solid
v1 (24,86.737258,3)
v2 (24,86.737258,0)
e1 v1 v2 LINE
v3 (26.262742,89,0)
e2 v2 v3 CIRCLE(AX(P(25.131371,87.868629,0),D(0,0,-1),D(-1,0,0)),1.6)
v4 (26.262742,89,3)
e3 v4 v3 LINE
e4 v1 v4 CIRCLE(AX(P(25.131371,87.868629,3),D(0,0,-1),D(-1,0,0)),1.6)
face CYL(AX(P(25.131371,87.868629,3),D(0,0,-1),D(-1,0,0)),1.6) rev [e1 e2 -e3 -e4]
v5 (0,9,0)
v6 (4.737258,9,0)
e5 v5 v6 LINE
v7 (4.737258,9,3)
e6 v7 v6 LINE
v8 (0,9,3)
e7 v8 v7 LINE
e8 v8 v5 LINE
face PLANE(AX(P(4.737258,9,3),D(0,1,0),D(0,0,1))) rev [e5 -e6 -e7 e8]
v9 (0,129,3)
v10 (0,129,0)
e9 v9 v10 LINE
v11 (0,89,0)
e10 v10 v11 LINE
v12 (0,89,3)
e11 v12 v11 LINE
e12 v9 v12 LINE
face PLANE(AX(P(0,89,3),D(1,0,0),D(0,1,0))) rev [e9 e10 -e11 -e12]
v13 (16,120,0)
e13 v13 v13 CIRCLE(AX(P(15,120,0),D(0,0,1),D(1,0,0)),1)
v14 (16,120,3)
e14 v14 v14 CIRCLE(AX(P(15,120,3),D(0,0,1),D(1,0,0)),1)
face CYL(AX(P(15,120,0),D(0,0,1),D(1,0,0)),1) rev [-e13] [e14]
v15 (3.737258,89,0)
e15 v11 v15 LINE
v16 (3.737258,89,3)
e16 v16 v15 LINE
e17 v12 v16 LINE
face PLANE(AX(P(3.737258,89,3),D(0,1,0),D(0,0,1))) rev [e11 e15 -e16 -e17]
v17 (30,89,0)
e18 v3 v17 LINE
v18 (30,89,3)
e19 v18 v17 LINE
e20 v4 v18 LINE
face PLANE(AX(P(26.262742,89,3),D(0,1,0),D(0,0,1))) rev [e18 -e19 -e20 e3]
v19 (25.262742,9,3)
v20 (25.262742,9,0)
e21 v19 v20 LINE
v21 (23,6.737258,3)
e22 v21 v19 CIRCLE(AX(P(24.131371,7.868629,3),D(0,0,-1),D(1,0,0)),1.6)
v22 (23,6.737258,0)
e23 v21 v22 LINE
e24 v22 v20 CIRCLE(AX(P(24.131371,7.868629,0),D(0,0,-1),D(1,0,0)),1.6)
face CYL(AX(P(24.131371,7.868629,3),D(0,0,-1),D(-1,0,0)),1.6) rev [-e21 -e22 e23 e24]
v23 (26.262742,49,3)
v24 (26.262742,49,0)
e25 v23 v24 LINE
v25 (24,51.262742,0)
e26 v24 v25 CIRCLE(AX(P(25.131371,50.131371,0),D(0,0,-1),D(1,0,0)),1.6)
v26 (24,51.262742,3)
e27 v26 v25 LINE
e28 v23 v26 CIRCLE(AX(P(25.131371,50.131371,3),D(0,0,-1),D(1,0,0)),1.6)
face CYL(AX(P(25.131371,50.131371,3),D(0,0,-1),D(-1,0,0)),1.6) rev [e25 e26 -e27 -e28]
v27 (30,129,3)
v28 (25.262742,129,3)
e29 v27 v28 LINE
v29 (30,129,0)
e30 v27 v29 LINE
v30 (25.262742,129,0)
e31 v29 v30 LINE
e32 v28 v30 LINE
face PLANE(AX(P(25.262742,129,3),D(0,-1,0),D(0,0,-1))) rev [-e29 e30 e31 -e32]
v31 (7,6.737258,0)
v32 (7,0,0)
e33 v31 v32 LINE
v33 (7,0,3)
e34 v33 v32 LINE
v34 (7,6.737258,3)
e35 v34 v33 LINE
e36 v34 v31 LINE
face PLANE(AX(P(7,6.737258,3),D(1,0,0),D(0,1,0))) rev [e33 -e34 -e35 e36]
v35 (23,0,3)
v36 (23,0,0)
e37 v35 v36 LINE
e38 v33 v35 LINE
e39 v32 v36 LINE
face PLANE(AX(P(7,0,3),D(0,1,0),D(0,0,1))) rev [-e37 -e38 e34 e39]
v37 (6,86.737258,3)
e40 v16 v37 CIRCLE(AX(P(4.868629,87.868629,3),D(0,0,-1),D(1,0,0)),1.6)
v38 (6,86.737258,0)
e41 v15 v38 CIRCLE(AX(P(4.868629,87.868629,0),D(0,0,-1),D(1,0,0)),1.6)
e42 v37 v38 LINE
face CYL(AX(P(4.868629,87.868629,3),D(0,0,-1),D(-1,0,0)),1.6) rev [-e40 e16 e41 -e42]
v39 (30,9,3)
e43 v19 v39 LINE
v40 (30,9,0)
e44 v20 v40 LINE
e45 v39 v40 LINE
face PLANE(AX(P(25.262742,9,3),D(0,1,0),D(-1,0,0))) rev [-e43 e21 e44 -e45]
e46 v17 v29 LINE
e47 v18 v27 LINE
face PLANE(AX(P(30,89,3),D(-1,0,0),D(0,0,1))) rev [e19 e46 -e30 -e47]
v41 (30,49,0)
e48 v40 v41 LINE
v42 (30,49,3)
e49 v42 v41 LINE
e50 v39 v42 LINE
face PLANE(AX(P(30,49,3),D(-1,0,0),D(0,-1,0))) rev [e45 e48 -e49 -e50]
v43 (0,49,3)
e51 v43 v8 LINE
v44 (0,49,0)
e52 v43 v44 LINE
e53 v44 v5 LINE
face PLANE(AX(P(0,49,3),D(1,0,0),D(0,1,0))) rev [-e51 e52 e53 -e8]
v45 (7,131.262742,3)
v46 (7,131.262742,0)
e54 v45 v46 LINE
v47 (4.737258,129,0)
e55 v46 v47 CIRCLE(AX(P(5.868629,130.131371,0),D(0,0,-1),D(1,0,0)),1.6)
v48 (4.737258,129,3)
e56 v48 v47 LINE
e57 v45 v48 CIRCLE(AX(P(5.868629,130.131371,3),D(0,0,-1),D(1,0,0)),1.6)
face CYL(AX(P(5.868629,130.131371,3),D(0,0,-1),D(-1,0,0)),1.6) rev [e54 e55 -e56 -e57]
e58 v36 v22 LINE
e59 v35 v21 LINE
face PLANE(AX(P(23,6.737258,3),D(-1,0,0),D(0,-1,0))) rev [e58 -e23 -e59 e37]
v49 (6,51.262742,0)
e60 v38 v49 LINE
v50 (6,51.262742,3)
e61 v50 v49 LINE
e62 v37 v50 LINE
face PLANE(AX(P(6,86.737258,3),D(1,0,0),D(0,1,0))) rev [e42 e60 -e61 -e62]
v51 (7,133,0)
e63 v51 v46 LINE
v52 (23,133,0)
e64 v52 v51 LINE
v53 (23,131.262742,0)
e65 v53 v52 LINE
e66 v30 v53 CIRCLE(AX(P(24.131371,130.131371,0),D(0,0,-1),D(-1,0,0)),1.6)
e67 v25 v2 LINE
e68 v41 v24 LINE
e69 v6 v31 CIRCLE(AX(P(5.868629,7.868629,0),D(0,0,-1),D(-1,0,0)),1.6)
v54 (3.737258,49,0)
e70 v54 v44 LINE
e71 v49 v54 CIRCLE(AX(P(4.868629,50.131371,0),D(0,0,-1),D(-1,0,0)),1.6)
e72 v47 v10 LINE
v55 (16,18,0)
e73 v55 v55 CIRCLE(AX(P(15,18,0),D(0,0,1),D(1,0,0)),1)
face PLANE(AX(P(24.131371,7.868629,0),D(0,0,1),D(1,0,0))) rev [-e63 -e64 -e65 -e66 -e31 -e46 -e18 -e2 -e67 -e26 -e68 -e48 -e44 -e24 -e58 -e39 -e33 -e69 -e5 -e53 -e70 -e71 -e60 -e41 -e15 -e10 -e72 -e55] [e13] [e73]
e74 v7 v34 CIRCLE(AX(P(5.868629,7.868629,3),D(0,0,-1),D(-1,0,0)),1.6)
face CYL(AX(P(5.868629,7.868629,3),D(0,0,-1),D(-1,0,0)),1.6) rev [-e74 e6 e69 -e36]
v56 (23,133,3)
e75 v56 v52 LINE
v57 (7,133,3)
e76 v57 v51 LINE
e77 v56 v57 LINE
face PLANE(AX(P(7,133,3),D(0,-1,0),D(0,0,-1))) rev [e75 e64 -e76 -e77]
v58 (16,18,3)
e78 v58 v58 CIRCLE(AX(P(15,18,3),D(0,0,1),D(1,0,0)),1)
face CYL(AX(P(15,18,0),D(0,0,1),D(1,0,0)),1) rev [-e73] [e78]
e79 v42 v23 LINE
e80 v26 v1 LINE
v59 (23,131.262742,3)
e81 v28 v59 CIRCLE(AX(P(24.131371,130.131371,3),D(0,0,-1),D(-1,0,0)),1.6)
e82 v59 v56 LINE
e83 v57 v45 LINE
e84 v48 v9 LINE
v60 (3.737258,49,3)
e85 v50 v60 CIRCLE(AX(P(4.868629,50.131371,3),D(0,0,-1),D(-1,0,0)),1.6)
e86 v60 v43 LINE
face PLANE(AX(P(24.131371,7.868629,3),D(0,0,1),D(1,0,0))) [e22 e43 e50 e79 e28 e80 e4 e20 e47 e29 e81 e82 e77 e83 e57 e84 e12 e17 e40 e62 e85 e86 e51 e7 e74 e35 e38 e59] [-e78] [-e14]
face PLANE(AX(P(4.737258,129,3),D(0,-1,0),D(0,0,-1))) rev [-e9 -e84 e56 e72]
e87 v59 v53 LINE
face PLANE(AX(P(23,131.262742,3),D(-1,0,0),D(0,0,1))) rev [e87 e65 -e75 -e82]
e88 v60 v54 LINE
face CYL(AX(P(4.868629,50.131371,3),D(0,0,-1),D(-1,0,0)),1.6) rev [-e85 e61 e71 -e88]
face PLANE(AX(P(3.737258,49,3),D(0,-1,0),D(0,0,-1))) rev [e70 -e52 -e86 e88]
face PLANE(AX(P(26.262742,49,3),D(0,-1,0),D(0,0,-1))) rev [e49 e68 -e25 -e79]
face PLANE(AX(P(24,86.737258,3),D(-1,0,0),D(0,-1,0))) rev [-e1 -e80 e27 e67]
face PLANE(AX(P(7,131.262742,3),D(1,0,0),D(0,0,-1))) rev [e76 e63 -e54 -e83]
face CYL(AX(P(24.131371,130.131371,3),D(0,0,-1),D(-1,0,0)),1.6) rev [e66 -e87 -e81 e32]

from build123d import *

# Parameters (mm, degrees)
EXTRUSION1_DEPTH        = 3
ESQUISSE2_R             = 1
ENL_V_MAT_EXTRU_1_DEPTH = 4


with BuildPart() as part:
    # Esquisse1 → Extrusion1 (new body)
    with BuildSketch(Plane.XY):
        with BuildLine():
            Line((25.2627417, 9), (30, 9))
            Line((30, 9), (30, 49))
            Line((30, 49), (26.2627417, 49))
            ThreePointArc((26.2627417, 49), (24, 49), (24, 51.2627417))
            Line((24, 51.2627417), (24, 86.7372583))
            ThreePointArc((24, 86.7372583), (24, 89), (26.2627417, 89))
            Line((26.2627417, 89), (30, 89))
            Line((30, 89), (30, 129))
            Line((30, 129), (25.2627417, 129))
            ThreePointArc((25.2627417, 129), (23, 129), (23, 131.2627417))
            Line((23, 131.2627417), (23, 133))
            Line((23, 133), (7, 133))
            Line((7, 133), (7, 131.2627417))
            ThreePointArc((7, 131.2627417), (7, 129), (4.7372583, 129))
            Line((4.7372583, 129), (0, 129))
            Line((0, 129), (0, 89))
            Line((0, 89), (3.7372583, 89))
            ThreePointArc((3.7372583, 89), (6, 89), (6, 86.7372583))
            Line((6, 86.7372583), (6, 51.2627417))
            ThreePointArc((6, 51.2627417), (6, 49), (3.7372583, 49))
            Line((3.7372583, 49), (0, 49))
            Line((0, 49), (0, 9))
            Line((0, 9), (4.7372583, 9))
            ThreePointArc((4.7372583, 9), (7, 9), (7, 6.7372583))
            Line((7, 6.7372583), (7, 0))
            Line((7, 0), (23, 0))
            Line((23, 0), (23, 6.7372583))
            ThreePointArc((23, 6.7372583), (23, 9), (25.2627417, 9))
        make_face()
    extrude(amount=EXTRUSION1_DEPTH)

    # Esquisse2 → Enlèv. mat.-Extru.1 (cut, through all)
    with BuildSketch(Plane.XY.offset(3)):
        with Locations((15, 18)):
            Circle(ESQUISSE2_R)
        with Locations((15, 120)):
            Circle(ESQUISSE2_R)
    extrude(amount=-ENL_V_MAT_EXTRU_1_DEPTH, mode=Mode.SUBTRACT)


solid = part.part
